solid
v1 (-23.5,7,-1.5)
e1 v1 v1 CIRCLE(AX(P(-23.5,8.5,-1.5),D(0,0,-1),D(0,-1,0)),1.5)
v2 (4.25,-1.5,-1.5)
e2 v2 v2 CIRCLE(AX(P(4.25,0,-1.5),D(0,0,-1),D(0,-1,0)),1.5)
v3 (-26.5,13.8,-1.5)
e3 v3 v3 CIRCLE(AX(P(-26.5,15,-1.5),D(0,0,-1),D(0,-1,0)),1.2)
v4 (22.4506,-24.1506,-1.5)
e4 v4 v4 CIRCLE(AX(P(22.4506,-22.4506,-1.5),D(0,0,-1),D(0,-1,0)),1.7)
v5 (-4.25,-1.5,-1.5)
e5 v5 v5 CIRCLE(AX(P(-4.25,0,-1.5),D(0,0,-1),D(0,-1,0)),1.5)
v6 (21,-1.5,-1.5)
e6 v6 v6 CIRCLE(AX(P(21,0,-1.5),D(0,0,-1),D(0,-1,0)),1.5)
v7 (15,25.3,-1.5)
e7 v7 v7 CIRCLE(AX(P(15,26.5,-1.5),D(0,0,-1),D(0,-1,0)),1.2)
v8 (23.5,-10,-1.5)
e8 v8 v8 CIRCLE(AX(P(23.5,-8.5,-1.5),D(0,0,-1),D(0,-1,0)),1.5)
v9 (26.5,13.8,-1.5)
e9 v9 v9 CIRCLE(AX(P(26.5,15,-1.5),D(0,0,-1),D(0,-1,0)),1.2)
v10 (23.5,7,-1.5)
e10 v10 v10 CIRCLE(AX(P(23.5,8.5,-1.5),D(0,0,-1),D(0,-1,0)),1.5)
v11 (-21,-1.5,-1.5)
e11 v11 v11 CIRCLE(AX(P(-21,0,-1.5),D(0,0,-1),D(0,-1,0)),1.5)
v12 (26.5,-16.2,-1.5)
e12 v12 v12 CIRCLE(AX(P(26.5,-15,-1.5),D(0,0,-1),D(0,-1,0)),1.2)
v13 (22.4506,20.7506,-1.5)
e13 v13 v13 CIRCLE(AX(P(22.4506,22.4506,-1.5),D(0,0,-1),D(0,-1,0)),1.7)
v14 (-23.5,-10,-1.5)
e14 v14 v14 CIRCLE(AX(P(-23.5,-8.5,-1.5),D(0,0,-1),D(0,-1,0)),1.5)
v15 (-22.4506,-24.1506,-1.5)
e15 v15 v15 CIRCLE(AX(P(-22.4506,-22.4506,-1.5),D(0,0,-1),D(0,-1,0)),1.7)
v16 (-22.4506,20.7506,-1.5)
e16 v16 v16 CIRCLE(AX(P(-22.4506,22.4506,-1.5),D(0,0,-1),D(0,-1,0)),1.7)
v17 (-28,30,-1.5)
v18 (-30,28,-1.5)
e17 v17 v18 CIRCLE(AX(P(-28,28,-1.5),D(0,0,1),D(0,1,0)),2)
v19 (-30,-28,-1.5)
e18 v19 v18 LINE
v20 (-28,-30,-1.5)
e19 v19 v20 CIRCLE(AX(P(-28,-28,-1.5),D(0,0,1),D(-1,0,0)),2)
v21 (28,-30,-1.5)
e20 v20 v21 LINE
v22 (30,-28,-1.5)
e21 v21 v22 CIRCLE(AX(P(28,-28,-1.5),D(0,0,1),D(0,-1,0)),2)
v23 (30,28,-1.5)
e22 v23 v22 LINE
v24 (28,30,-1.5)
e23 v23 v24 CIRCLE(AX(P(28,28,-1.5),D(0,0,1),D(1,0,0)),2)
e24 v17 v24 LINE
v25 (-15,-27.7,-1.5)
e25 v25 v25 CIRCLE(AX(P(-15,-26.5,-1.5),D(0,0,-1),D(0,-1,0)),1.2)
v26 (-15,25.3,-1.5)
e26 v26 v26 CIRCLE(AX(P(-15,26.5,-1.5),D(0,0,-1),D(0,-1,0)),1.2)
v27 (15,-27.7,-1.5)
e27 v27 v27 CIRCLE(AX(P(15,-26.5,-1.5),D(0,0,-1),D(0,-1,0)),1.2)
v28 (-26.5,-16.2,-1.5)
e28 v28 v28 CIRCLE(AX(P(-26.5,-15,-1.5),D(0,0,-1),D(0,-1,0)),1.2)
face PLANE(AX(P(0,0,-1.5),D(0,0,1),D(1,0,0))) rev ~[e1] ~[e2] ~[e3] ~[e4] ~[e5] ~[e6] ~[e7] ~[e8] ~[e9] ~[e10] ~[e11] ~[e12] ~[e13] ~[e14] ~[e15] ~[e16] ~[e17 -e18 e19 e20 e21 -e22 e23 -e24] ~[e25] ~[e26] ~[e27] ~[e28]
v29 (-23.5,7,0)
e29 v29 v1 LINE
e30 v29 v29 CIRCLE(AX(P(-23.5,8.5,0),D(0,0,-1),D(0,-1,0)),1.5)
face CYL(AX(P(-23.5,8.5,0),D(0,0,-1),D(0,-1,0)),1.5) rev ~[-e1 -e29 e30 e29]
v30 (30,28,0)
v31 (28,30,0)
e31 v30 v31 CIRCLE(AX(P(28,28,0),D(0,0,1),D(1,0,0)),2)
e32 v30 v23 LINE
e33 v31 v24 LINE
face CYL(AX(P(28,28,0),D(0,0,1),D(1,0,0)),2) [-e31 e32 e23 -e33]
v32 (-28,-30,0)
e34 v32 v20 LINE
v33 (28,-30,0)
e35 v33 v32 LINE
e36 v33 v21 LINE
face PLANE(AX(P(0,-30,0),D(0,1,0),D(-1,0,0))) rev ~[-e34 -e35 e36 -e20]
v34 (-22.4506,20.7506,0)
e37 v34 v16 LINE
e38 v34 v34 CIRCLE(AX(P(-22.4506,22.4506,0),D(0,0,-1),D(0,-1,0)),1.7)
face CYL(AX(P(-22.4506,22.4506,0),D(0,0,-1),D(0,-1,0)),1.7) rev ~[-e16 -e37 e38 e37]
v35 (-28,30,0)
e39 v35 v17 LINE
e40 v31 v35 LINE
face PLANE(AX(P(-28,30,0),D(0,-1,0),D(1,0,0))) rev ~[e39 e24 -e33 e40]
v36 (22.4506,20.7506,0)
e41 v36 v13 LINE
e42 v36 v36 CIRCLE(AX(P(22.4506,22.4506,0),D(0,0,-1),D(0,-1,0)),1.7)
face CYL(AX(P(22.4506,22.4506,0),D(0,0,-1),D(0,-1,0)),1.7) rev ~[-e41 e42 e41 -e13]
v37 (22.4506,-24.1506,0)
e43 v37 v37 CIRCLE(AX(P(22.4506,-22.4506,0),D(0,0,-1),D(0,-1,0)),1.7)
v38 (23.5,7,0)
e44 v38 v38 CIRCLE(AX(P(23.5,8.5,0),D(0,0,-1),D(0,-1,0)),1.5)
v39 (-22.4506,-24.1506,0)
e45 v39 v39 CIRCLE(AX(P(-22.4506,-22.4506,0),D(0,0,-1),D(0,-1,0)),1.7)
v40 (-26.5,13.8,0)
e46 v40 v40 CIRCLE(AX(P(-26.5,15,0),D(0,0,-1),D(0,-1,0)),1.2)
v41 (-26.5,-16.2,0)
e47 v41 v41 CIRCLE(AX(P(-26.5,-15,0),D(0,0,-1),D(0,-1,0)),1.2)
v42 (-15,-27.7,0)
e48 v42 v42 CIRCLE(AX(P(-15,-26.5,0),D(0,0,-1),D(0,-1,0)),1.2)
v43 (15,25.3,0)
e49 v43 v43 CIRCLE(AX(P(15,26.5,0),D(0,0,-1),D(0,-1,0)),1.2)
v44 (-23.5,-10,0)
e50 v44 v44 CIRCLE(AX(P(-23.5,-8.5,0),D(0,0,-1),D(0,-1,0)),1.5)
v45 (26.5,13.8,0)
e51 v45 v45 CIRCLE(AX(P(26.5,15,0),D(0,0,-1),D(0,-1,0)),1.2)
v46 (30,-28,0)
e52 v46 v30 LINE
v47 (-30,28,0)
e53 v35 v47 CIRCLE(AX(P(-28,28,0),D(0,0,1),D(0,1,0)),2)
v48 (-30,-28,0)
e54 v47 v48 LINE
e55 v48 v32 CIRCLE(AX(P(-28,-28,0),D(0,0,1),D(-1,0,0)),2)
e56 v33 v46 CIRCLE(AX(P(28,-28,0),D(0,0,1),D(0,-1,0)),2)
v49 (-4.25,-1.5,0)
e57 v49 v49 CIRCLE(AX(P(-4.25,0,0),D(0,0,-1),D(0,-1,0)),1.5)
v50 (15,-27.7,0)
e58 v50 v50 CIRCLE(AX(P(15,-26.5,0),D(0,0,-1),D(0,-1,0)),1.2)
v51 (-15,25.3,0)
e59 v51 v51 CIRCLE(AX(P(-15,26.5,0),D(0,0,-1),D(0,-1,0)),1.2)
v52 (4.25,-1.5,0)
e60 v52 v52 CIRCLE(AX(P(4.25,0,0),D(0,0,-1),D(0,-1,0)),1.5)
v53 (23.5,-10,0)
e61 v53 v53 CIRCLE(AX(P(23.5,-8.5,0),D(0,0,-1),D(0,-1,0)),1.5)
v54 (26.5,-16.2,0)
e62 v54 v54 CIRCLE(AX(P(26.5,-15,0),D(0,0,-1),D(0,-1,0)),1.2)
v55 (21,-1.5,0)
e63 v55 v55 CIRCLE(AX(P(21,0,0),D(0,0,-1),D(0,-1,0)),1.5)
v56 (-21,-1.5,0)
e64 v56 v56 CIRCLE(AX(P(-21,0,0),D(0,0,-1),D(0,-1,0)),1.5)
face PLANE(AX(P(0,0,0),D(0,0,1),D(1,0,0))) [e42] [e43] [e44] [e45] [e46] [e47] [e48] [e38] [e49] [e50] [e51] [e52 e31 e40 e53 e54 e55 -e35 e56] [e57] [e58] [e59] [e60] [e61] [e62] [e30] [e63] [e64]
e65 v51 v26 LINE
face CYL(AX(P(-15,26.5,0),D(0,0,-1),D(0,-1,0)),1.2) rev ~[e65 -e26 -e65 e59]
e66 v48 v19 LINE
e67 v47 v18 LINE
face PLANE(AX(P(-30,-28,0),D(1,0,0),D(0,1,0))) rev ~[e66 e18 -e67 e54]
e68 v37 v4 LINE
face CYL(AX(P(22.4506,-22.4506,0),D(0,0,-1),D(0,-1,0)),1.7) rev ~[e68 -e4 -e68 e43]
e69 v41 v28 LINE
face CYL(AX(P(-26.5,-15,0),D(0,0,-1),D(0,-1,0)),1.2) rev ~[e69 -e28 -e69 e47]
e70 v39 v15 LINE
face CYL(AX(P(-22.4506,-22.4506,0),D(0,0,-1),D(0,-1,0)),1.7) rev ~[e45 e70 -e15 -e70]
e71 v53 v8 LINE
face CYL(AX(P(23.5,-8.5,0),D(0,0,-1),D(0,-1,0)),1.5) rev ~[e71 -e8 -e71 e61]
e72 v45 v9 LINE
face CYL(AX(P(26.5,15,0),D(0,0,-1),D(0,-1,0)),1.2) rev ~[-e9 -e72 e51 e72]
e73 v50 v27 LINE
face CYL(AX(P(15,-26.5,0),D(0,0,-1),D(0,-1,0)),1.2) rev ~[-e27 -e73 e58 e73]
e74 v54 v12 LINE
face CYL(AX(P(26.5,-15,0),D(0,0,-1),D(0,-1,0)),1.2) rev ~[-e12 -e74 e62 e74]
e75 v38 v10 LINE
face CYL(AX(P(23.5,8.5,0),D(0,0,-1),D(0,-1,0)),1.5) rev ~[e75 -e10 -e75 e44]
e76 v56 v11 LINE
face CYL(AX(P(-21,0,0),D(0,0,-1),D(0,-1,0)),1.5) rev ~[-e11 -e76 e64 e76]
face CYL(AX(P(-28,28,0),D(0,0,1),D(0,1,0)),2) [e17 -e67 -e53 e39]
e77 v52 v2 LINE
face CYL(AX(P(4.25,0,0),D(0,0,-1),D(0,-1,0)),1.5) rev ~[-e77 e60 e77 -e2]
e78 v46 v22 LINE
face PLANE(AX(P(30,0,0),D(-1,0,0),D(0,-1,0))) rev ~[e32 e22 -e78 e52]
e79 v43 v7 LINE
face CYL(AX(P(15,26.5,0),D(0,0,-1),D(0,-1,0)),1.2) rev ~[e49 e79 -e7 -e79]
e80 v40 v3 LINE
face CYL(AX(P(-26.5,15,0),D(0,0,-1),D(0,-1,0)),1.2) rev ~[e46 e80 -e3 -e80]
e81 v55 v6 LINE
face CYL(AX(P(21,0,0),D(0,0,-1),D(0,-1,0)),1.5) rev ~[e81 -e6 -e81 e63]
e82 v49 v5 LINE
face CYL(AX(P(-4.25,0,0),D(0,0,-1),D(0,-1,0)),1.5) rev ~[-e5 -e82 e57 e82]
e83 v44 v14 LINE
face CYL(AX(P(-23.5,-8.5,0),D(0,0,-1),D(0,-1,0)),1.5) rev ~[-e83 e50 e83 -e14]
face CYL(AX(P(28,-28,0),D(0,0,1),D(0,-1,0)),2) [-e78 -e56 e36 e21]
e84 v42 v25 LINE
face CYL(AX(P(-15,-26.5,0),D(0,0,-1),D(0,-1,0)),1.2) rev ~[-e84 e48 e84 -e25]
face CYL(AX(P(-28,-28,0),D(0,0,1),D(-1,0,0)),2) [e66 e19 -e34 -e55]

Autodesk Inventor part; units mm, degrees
ref_plane "YZ Plane" through (0, 0, 0) normal (1, 0, 0) x (0, 1, 0)
ref_plane "XZ Plane" through (0, 0, 0) normal (0, 1, 0) x (-1, 0, 0)
ref_plane "XY Plane" through (0, 0, 0) normal (0, 0, 1) x (1, 0, 0)
sketch "Sketch1" plane through (0, 0, 0) normal (0, 0, 1) x (1, 0, 0)
  line L0 (0, -42.5799) -> (0, 42.5799) projected
  line L1 (-42.5799, 0) -> (42.5799, 0) projected
  line L2 (-28, 30) -> (28, 30)
  line L3 (30, 28) -> (30, -28)
  line L4 (28, -30) -> (-28, -30)
  line L5 (-30, -28) -> (-30, 28)
  arc A0 (-28, 30) -> (-30, 28) centre (-28, 28) ccw
  arc A1 (30, 28) -> (28, 30) centre (28, 28) ccw
  arc A2 (28, -30) -> (30, -28) centre (28, -28) ccw
  arc A3 (-30, -28) -> (-28, -30) centre (-28, -28) ccw
  point P0 (0, 0)
  point P1 (-30, 30)
  point P2 (30, 30)
  point P3 (-22.4506, 22.4506)
  point P4 (-26.5, 15)
  point P5 (-15, 26.5)
  point P6 (-15, -26.5)
  point P7 (-22.4506, -22.4506)
  point P8 (-26.5, -15)
  point P9 (26.5, -15)
  point P10 (22.4506, -22.4506)
  point P11 (15, -26.5)
  point P12 (15, 26.5)
  point P13 (22.4506, 22.4506)
  point P14 (26.5, 15)
  point P15 (-21, 0)
  point P16 (21, 0)
  point P17 (-4.25, 0)
  point P18 (4.25, 0)
  point P19 (-23.5, 8.5)
  point P20 (-23.5, -8.5)
  point P21 (23.5, 8.5)
  point P22 (23.5, -8.5)
  dimension "d0" = 60
  dimension "d1" = 2
  dimension "d2" = 22.4506
  dimension "d3" = 22.4506
  dimension "d4" = 15
  dimension "d5" = 15
  dimension "d6" = 3.5
  dimension "d7" = 3.5
  dimension "d10" = 360
  dimension "d28" = 9
  dimension "d36" = 25.75
  dimension "d48" = 19.25
  dimension "d49" = 8.5
extrude "Extrusion1" add sketch "Sketch1" against normal blind 1.5
hole "Hole1" at (-22.4506, 22.4506, 0) at (22.4506, 22.4506, 0) at (22.4506, -22.4506, 0) at (-22.4506, -22.4506, 0) direction (0, 0, -1) diameter 3.4 end through all clearance for "Countersunk Flat Head Screw DIN EN ISO 2009" size "M3" standard "DIN"
hole "Hole2" at (-26.5, 15, 0) at (-15, 26.5, 0) at (-15, -26.5, 0) at (-26.5, -15, 0) at (26.5, -15, 0) at (15, -26.5, 0) at (15, 26.5, 0) at (26.5, 15, 0) direction (0, 0, -1) diameter 2.4 end through all clearance for "Countersunk Flat Head Screw DIN EN ISO 2009" size "M2" standard "DIN"
hole "Hole3" at (-21, 0, 0) at (21, 0, 0) direction (0, 0, -1) diameter 3 end through all
hole "Hole4" at (-4.25, 0, 0) at (4.25, 0, 0) at (-23.5, -8.5, 0) at (-23.5, 8.5, 0) at (23.5, 8.5, 0) at (23.5, -8.5, 0) direction (0, 0, -1) diameter 3 end through all
equation "\"d0\" = backplate_width"
equation "\"d2\" = hole_distance"
equation "\"d3\" = hole_distance"
equation "\"d4\" = screw_distance_center"
equation "\"d5\" = screw_distance_center"
equation "\"d6\" = screw_distance_outside"
equation "\"d7\" = screw_distance_outside"
equation "\"encoder_axis\" = 8"
equation "\"encoder_emboss\" = 0"
equation "\"encoders\" = 0"
equation "\"encoder_width\" = 27"
equation "\"front_plate_thickness\" = 2"
equation "\"glass_thickness\" = 2"
equation "\"screw_distance_outside\" = 3.5"
equation "\"encoder_rad\" = 49"
equation "\"encoder_extrude_hight\" = 3"
equation "\"screw_distance_center\" = 15"
equation "\"ring_top_thickness\" = 2"
equation "\"ring_outer_bevel_depth\" = 0.5"
equation "\"ring_depth\" = 6"
equation "\"ring_outer_bevel_height\" = 3"
equation "\"ring_inner_bevel_depth\" = 3.5"
equation "\"ring_thickness\" = 9"
equation "\"hole_from_center\" = 63.5"
equation "\"circle_dimension_inner\" = 47"
equation "\"circle_dimension\" = 56"
equation "\"backplate_width\" = 60"
equation "\"hole_distance\" = 22.45064"
properties part number "pcb_board" material "ABS Plastic"
